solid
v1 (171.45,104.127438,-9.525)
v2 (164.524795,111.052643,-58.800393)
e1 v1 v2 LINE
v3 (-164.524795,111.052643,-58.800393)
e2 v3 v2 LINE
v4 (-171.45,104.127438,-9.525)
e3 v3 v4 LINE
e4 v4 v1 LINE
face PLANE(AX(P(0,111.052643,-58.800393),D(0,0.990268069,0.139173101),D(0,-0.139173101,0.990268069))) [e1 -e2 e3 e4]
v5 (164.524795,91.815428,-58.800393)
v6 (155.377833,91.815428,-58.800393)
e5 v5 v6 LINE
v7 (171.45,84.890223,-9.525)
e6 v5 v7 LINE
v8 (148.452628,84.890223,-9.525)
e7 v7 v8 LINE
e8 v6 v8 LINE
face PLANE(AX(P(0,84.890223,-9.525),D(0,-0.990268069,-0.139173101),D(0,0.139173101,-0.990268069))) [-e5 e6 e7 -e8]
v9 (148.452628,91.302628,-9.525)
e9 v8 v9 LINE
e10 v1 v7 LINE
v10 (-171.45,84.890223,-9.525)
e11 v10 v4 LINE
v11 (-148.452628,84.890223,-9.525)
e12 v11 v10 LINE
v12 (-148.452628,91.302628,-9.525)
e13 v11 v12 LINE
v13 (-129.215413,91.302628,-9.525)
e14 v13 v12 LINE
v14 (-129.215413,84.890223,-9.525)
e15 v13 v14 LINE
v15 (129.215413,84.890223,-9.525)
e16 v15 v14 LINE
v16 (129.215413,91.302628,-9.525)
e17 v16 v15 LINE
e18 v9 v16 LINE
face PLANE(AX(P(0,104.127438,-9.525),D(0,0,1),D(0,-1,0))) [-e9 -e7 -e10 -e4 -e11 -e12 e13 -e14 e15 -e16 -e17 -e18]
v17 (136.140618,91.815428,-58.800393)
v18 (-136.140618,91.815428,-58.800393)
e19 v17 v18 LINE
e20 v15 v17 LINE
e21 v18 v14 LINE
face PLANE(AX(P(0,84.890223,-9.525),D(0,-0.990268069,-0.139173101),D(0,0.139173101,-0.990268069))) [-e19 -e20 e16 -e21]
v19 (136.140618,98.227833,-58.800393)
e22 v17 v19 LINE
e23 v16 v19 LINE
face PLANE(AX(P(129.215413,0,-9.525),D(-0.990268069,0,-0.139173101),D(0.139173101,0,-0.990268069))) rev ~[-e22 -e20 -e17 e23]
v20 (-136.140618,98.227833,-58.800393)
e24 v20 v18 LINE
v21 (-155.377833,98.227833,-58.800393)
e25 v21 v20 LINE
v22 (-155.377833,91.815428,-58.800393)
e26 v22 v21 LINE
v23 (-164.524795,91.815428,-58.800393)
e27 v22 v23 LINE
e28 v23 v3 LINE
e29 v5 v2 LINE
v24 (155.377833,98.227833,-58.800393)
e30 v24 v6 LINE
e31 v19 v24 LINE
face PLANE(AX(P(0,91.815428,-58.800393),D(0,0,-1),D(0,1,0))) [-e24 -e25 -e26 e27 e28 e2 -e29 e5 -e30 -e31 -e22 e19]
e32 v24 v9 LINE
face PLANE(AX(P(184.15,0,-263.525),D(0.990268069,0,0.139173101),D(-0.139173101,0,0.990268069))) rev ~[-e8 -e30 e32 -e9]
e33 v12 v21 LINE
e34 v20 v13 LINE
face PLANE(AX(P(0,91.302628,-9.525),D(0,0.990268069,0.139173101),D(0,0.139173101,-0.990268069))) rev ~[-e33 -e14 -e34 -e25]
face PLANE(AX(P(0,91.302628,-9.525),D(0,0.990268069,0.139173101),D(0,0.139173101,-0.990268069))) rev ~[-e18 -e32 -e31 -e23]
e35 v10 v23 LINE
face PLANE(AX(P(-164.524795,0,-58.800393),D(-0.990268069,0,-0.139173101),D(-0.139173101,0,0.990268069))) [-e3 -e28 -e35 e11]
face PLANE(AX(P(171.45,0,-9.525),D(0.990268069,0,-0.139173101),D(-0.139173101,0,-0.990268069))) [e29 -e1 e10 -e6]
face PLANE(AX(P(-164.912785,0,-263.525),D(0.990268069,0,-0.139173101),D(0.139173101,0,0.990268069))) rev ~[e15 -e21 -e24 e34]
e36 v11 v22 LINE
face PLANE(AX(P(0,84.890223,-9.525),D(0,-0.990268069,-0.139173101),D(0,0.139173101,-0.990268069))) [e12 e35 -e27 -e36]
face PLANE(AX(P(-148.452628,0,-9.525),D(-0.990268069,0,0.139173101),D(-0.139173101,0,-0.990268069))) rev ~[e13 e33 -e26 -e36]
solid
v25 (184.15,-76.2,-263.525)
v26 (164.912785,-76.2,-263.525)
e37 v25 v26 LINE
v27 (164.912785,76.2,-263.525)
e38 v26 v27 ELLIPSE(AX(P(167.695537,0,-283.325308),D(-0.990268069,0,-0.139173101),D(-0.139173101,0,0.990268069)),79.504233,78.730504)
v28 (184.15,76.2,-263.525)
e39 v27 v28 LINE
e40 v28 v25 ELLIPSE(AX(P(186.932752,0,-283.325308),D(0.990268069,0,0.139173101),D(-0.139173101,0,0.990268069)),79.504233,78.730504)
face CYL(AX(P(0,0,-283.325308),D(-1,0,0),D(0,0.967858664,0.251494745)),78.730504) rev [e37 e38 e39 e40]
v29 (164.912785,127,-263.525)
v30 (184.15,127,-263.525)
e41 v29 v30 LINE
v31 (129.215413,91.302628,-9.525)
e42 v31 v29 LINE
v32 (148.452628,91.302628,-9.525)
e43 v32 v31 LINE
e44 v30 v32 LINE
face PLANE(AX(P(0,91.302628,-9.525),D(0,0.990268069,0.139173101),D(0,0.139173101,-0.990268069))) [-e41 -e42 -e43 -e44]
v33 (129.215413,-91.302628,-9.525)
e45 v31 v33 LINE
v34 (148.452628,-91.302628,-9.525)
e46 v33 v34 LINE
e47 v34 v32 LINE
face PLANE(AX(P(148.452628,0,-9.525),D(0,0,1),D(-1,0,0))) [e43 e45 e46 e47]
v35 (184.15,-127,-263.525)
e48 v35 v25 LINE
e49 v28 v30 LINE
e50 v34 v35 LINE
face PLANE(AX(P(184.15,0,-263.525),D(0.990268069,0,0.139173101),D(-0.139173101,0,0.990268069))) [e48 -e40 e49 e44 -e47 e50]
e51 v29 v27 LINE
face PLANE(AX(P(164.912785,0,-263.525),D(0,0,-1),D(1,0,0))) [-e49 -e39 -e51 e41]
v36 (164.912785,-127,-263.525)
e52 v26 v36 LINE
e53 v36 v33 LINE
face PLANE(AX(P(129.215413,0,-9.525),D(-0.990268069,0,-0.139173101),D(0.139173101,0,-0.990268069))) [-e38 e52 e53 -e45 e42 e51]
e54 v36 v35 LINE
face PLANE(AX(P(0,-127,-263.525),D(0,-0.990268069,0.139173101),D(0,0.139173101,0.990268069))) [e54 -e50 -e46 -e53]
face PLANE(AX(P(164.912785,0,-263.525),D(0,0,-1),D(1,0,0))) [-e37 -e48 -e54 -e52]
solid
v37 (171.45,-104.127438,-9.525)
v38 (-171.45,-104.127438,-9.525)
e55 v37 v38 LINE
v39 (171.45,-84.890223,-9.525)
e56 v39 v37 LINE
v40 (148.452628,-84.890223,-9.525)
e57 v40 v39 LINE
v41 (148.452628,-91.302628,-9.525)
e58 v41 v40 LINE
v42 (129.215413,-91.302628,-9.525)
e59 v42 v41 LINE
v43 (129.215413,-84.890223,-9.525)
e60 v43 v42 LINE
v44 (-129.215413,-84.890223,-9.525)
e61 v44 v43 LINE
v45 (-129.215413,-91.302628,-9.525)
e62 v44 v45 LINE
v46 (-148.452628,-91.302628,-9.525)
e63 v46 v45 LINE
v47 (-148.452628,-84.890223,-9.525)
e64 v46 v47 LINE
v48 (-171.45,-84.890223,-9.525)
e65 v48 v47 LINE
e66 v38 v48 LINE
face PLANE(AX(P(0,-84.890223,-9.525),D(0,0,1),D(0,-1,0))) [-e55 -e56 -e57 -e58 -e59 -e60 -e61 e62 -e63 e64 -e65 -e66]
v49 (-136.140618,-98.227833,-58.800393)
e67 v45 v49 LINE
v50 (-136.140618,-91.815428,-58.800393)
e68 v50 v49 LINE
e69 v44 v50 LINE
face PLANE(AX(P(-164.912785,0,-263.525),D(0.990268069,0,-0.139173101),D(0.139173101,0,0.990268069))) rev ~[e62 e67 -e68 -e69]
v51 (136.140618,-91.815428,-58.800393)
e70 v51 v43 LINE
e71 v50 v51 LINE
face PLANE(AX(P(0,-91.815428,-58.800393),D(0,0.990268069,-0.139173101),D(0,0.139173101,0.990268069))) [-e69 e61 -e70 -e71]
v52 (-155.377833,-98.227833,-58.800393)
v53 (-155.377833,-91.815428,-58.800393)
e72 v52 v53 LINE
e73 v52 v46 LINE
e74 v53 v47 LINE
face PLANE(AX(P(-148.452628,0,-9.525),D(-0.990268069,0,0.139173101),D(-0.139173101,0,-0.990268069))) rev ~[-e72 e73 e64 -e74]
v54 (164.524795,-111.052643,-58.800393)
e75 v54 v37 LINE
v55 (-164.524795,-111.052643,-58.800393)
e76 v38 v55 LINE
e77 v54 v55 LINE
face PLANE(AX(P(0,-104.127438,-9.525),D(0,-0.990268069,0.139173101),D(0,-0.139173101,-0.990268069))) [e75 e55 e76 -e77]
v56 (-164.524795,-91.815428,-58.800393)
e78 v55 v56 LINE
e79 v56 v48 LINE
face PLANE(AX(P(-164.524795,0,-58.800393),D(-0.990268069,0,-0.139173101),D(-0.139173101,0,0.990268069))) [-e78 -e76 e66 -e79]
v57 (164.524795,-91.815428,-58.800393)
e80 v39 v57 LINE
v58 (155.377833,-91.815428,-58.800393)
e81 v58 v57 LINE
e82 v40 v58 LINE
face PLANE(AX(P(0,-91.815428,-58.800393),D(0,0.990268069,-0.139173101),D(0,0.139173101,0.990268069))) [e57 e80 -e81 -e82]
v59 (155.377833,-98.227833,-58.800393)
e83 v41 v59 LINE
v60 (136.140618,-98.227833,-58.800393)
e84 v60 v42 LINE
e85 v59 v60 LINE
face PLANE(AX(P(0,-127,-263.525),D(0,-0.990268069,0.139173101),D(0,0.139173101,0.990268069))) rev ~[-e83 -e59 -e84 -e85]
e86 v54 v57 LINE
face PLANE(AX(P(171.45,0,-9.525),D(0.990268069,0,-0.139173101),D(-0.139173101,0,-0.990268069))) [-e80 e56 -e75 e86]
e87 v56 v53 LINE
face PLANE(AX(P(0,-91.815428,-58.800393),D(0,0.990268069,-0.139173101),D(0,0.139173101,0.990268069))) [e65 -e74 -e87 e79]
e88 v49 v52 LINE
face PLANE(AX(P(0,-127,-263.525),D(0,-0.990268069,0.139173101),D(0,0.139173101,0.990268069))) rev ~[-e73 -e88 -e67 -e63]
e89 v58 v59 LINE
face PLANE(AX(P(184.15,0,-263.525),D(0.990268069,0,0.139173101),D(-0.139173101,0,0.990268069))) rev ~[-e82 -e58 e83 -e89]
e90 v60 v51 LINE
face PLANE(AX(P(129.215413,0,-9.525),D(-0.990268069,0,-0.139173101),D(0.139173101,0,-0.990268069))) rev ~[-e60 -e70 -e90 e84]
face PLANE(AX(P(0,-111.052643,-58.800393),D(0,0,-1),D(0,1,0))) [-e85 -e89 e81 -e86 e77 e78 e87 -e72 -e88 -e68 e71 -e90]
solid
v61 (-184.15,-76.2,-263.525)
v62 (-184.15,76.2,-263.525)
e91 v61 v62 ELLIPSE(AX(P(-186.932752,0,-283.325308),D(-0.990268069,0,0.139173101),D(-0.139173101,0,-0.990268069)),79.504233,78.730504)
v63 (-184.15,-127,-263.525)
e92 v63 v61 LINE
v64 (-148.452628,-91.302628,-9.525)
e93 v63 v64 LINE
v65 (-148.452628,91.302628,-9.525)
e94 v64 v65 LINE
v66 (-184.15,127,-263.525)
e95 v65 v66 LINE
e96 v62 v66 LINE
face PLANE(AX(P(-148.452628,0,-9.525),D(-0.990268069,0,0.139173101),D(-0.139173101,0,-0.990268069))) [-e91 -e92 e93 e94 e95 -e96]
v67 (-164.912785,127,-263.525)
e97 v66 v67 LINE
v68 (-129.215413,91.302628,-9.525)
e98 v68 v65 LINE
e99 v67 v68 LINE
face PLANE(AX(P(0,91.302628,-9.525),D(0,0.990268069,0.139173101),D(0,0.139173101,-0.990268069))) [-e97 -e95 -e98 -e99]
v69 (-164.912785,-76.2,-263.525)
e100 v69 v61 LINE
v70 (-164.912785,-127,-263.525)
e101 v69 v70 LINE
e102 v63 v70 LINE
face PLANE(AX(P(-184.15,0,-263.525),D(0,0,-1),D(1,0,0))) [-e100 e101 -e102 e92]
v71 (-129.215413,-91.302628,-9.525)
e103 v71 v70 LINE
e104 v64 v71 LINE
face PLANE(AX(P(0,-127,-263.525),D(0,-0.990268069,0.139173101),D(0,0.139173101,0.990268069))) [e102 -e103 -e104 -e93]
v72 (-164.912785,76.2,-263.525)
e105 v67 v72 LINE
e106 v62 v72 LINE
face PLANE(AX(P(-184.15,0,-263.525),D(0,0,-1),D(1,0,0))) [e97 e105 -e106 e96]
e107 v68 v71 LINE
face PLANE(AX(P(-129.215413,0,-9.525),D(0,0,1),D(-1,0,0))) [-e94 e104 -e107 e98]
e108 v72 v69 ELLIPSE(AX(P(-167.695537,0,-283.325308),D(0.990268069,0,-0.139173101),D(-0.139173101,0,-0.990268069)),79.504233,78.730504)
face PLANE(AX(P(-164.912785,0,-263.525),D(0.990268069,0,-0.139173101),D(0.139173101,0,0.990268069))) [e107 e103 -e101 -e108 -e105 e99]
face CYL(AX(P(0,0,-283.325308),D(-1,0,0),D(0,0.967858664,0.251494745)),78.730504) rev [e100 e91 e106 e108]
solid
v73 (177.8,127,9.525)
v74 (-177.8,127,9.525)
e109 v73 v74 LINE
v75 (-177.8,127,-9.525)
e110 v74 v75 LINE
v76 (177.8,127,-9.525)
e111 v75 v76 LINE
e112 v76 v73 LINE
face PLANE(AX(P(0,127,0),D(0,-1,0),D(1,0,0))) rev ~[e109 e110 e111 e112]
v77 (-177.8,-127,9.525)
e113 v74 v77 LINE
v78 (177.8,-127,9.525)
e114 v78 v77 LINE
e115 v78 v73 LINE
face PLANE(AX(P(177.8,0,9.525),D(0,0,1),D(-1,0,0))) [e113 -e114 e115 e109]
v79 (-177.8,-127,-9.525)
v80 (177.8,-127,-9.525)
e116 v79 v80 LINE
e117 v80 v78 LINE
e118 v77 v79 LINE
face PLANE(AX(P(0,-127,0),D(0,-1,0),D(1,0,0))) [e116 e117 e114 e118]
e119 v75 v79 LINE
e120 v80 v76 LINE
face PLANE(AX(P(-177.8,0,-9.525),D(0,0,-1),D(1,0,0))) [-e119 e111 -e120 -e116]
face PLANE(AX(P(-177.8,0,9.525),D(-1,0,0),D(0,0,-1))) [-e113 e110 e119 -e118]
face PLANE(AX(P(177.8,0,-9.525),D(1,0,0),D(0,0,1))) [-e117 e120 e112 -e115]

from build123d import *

# Parameters (mm, degrees)
F1_DEPTH      = 127
F2_DEPTH      = 127
F2_DEPTH_BACK = 127
F4_DEPTH      = 184.151
F4_DEPTH_BACK = 184.151
F6_DEPTH      = 177.8
F6_DEPTH_BACK = 177.8
F7_DEPTH      = 127.001
F7_DEPTH_BACK = 127.001


with BuildPart() as f1:
    # F0 (on Front) → F1 (new body, symmetric)
    with BuildSketch(Plane.XZ):
        Polygon((177.8, 9.525), (-177.8, 9.525), (-177.8, -9.525), (-171.45, -9.525), (-148.4526279856, -9.525), (-129.2154127291, -9.525), (129.2154127291, -9.525), (148.4526279856, -9.525), (171.45, -9.525), (177.8, -9.525), align=None)
    extrude(amount=F1_DEPTH, both=True)


with BuildPart() as f2:
    # F0 (on Front) → F2 (new body, two sides)
    with BuildSketch(Plane.XZ) as f2_sk:
        Polygon((-136.1406175943, -58.8003930194), (-155.3778328508, -58.8003930194), (-184.15, -263.525), (-164.9127847435, -263.525), align=None)
        Polygon((-129.2154127291, -9.525), (-148.4526279856, -9.525), (-155.3778328508, -58.8003930194), (-136.1406175943, -58.8003930194), align=None)
    extrude(amount=F2_DEPTH)
    extrude(f2_sk.sketch, amount=-F2_DEPTH_BACK)


with BuildPart() as f2b:
    # F0 (on Front) → F2, piece 2 (new body, two sides)
    with BuildSketch(Plane.XZ) as f2_2_sk:
        Polygon((155.3778328508, -58.8003930194), (148.4526279856, -9.525), (129.2154127291, -9.525), (136.1406175943, -58.8003930194), align=None)
        Polygon((184.15, -263.525), (155.3778328508, -58.8003930194), (136.1406175943, -58.8003930194), (164.9127847435, -263.525), align=None)
    extrude(amount=F2_DEPTH)
    extrude(f2_2_sk.sketch, amount=-F2_DEPTH_BACK)


with BuildPart() as f4_tool:
    # F3 (on Right) → F4 (new body, two sides)
    with BuildSketch(Plane.YZ) as f4_sk:
        Polygon((-127, -263.525), (-91.3026279856, -9.525), (-127, -9.525), align=None)
        Polygon((127, -263.525), (127, -9.525), (91.3026279856, -9.525), align=None)
        with BuildLine():
            Line((-76.2, -263.525), (76.2, -263.525))
            ThreePointArc((76.2, -263.525), (0, -204.5948043473), (-76.2, -263.525))
        make_face()
    extrude(amount=-F4_DEPTH)
    extrude(f4_sk.sketch, amount=F4_DEPTH_BACK)


with BuildPart() as f2_1:
    add(f2.part)

    # F4: cut by f4_tool
    add(f4_tool.part, mode=Mode.SUBTRACT)


with BuildPart() as f2b_1:
    add(f2b.part)

    # F4: cut by f4_tool
    add(f4_tool.part, mode=Mode.SUBTRACT)


with BuildPart() as f6:
    # F5 (on Right) → F6 (new body, two sides)
    with BuildSketch(Plane.YZ) as f6_sk:
        Polygon((-111.0526430218, -58.8003930194), (-98.2278328508, -58.8003930194), (-91.3026279856, -9.525), (-104.1274381566, -9.525), align=None)
        Polygon((-91.8154277653, -58.8003930194), (-84.8902229001, -9.525), (-91.3026279858, -9.525), (-98.2278328508, -58.8003930194), align=None)
    extrude(amount=F6_DEPTH)
    extrude(f6_sk.sketch, amount=-F6_DEPTH_BACK)


with BuildPart() as f6b:
    # F5 (on Right) → F6, piece 2 (new body, two sides)
    with BuildSketch(Plane.YZ) as f6_2_sk:
        Polygon((91.8154277653, -58.8003930194), (98.2278328508, -58.8003930194), (91.3026279856, -9.525), (84.8902229001, -9.525), align=None)
        Polygon((91.3026279856, -9.525), (98.2278328508, -58.8003930194), (111.0526430218, -58.8003930194), (104.1274381566, -9.525), align=None)
    extrude(amount=F6_DEPTH)
    extrude(f6_2_sk.sketch, amount=-F6_DEPTH_BACK)


with BuildPart() as f7_tool:
    # F0 (on Front) → F7 (new body, two sides)
    with BuildSketch(Plane.XZ) as f7_sk:
        Polygon((177.8, -58.8003930194), (177.8, -9.525), (171.45, -9.525), (164.5247951348, -58.8003930194), align=None)
        Polygon((-171.45, -9.525), (-177.8, -9.525), (-177.8, -58.8003930194), (-164.5247951348, -58.8003930194), align=None)
    extrude(amount=-F7_DEPTH)
    extrude(f7_sk.sketch, amount=F7_DEPTH_BACK)


with BuildPart() as f6_1:
    add(f6.part)

    # F7: cut by f7_tool
    add(f7_tool.part, mode=Mode.SUBTRACT)

    # F8: cut F2, F2b
    add(f2_1.part, mode=Mode.SUBTRACT)
    add(f2b_1.part, mode=Mode.SUBTRACT)


with BuildPart() as f6b_1:
    add(f6b.part)

    # F7: cut by f7_tool
    add(f7_tool.part, mode=Mode.SUBTRACT)

    # F8: cut F2, F2b
    add(f2_1.part, mode=Mode.SUBTRACT)
    add(f2b_1.part, mode=Mode.SUBTRACT)


solid = Compound([f1.part, f2_1.part, f2b_1.part, f6_1.part, f6b_1.part])
